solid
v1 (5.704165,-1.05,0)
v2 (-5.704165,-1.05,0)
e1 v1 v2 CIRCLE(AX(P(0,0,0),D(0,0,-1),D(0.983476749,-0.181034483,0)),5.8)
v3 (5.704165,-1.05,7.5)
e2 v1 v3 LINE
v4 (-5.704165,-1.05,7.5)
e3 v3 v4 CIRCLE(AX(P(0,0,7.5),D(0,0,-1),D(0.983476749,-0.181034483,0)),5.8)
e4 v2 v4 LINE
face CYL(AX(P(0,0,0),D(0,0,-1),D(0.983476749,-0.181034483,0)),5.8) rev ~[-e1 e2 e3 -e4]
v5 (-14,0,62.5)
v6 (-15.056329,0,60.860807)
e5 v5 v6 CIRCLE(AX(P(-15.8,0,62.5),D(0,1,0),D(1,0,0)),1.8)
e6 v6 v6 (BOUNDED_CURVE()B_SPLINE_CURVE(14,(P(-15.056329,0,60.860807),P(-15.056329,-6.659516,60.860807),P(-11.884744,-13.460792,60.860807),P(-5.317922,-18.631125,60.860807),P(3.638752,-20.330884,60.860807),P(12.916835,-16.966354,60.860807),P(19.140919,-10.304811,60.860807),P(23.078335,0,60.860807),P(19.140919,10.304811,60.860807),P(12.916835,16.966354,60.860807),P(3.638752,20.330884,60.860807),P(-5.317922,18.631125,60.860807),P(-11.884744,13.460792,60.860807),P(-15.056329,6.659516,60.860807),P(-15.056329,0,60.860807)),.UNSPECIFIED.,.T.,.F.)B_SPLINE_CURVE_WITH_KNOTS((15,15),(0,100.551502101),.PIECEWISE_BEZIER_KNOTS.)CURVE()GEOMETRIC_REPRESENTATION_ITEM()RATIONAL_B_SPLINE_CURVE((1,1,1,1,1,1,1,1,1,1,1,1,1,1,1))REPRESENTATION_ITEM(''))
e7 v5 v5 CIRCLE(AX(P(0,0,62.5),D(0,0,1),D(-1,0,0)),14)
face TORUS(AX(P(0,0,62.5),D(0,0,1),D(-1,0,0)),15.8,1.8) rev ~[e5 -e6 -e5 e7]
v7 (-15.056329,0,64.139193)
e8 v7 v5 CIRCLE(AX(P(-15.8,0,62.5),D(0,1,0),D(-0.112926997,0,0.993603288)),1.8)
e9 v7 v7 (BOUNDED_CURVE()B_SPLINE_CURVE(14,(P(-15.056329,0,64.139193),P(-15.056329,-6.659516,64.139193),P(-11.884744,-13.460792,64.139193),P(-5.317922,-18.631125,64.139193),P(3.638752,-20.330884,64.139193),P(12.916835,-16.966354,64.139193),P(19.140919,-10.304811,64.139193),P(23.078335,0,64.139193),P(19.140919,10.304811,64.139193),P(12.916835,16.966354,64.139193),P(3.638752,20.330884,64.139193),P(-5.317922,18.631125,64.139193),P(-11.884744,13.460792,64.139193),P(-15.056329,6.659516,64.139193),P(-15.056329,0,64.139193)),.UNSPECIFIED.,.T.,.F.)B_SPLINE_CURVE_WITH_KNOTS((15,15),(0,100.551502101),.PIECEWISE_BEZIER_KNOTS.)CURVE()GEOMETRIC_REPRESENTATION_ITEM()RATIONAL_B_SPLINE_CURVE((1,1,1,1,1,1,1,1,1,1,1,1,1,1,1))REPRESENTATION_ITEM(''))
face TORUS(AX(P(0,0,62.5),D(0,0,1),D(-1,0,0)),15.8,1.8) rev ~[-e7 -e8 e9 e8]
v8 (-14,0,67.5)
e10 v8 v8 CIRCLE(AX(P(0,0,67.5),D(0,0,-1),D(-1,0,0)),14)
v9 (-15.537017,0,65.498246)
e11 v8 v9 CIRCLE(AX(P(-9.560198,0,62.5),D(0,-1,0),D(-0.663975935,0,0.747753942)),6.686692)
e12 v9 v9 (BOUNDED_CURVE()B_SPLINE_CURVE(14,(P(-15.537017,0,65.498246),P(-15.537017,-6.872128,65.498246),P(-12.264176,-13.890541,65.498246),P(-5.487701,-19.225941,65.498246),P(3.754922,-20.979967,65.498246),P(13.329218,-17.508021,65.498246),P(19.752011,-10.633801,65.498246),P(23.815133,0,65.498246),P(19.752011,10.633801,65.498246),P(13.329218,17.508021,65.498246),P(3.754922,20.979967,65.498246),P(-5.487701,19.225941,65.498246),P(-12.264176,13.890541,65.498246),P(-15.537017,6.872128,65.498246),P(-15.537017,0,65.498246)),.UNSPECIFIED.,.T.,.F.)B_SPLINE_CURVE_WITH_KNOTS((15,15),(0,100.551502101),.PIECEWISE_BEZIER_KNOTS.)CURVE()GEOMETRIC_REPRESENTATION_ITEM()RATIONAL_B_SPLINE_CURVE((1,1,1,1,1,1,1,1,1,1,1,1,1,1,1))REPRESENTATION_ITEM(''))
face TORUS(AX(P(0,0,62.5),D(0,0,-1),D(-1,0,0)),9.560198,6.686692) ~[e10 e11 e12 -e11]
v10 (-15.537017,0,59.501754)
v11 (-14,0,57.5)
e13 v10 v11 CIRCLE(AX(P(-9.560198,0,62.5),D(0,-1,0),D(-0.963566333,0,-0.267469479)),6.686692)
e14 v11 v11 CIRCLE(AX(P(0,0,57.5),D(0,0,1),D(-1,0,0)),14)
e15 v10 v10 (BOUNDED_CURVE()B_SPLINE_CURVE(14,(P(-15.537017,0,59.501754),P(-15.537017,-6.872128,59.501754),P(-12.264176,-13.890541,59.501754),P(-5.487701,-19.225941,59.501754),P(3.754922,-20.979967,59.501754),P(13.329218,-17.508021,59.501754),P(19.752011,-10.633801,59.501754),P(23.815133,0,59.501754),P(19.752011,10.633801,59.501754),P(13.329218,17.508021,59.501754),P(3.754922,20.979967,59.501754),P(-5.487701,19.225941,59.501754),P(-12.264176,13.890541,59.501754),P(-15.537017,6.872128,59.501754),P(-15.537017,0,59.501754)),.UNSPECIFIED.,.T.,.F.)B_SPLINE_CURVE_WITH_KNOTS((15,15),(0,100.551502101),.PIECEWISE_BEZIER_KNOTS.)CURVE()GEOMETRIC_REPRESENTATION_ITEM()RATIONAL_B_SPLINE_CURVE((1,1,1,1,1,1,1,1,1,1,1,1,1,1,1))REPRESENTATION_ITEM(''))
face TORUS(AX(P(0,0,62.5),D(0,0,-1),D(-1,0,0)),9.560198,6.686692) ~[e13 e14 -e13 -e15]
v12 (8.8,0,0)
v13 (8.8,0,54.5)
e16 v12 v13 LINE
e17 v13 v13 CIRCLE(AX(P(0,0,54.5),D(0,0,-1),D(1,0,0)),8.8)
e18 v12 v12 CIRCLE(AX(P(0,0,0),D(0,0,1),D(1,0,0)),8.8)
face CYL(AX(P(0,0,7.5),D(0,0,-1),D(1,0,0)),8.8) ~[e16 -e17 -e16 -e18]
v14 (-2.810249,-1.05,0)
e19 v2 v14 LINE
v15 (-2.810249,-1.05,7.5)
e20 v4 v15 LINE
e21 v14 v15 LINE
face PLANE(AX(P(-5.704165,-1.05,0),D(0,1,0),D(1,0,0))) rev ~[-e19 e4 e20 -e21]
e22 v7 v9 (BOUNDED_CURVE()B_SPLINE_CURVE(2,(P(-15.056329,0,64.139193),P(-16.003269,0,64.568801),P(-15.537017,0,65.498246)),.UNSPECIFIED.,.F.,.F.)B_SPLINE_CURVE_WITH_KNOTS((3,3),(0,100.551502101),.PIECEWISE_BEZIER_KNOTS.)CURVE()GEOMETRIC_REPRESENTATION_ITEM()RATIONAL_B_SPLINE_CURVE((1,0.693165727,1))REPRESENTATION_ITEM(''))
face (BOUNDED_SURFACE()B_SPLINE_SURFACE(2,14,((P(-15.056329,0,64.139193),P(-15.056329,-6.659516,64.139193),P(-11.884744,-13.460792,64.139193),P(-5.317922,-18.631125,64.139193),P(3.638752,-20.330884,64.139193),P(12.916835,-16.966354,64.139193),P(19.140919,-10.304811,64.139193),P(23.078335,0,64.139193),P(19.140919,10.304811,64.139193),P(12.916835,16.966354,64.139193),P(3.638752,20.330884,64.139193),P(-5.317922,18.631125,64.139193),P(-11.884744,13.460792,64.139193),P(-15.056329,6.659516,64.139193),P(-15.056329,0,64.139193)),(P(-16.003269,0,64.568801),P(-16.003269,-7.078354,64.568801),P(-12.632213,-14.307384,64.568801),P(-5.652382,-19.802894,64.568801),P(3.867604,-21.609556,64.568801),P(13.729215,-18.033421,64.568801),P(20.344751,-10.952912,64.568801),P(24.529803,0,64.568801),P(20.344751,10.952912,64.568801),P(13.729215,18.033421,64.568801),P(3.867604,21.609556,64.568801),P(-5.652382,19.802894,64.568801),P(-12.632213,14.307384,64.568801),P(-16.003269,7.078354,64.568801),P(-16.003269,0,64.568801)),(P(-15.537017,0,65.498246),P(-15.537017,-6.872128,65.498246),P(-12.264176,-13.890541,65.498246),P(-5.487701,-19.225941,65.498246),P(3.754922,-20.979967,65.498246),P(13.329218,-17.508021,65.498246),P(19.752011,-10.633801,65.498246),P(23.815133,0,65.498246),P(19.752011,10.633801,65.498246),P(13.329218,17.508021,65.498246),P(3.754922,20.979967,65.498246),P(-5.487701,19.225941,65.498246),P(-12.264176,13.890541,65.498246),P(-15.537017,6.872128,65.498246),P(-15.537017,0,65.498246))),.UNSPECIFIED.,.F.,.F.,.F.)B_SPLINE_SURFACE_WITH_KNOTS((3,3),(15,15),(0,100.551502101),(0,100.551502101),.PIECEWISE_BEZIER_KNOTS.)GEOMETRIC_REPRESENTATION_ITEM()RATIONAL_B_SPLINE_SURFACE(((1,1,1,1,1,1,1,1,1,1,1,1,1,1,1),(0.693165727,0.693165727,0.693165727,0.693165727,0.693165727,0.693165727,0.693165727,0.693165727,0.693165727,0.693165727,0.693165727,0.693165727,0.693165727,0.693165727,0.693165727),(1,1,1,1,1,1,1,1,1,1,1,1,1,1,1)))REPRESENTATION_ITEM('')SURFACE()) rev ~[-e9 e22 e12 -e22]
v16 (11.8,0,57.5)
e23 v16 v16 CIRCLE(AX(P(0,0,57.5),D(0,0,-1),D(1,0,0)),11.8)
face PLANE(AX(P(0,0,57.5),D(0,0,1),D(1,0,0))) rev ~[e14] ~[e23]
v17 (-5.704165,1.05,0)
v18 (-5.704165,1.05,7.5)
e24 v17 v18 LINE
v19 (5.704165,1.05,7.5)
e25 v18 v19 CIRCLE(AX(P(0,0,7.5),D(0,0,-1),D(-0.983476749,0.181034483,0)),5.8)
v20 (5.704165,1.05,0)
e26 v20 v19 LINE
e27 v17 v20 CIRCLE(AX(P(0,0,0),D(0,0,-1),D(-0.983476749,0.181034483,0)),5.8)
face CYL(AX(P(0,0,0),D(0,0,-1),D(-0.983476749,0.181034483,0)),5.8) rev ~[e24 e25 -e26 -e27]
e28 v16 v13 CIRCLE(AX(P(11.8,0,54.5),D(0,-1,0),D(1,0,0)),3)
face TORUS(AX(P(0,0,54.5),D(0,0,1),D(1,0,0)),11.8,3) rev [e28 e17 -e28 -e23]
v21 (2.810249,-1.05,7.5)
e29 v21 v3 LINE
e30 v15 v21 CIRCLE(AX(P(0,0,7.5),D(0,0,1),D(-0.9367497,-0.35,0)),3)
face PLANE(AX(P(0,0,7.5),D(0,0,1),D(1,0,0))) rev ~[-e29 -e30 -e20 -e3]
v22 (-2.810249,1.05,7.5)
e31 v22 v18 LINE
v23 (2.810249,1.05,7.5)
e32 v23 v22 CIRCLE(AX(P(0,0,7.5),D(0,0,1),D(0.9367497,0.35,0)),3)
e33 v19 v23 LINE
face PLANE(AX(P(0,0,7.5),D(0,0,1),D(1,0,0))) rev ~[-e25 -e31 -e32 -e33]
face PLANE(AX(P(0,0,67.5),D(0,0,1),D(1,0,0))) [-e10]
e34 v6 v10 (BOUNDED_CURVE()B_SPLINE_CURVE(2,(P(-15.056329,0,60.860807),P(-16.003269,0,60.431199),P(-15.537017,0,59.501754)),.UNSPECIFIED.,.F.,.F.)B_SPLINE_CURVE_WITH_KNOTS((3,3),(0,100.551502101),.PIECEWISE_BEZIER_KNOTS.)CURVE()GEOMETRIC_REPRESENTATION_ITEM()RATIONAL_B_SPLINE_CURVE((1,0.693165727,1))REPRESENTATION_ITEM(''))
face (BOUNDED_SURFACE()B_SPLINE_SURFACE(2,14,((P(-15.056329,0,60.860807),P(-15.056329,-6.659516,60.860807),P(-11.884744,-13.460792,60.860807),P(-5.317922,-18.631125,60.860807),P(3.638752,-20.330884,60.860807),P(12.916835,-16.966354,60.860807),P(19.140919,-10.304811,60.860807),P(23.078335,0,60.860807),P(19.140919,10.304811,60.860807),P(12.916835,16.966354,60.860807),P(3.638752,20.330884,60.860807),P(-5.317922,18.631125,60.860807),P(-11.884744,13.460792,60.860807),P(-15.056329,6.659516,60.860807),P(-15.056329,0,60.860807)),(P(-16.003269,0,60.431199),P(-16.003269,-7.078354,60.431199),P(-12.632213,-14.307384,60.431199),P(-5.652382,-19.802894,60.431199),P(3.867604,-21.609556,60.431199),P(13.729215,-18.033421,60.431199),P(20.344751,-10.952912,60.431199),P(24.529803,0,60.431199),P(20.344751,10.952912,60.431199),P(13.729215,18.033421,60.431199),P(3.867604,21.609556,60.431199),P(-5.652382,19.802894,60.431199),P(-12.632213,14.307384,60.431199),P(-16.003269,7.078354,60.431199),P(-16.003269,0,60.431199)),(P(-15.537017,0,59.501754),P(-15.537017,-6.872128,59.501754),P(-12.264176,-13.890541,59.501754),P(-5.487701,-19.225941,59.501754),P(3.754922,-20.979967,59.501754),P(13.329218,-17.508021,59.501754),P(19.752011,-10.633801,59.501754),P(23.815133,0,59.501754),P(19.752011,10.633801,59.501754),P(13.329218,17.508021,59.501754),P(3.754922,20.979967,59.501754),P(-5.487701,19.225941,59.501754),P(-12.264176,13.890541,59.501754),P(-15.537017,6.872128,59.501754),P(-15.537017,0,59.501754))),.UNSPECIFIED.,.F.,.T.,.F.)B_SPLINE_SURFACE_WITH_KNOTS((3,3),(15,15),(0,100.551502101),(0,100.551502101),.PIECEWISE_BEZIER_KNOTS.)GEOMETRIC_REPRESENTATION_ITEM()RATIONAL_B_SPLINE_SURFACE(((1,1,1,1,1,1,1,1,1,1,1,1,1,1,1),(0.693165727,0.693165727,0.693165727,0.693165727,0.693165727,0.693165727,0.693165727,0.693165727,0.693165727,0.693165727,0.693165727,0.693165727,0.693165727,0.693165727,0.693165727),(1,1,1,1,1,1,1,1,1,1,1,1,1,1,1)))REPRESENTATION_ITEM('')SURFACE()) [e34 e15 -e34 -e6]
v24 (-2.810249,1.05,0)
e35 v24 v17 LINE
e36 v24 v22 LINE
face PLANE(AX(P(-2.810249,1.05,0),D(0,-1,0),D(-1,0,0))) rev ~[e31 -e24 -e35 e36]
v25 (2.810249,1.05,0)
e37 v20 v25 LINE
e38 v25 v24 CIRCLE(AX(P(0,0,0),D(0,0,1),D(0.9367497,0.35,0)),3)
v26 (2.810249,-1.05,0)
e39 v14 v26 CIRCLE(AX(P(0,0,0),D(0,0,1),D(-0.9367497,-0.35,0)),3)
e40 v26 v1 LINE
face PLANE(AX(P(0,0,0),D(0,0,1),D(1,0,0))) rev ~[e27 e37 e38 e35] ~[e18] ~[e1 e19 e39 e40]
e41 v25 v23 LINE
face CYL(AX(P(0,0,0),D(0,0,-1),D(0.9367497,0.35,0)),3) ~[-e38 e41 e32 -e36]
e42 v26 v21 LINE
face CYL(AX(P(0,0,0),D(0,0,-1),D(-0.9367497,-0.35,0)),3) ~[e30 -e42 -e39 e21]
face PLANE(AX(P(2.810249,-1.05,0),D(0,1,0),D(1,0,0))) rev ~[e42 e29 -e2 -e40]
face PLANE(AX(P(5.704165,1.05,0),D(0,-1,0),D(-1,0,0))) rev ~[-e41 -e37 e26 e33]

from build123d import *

# Parameters (mm, degrees)
F0_R     = 8.8
F1_DEPTH = 7.5
F2_R     = 8.8
F3_DEPTH = 55
F4_R     = 14
F4_R_2   = 8.8
F5_DEPTH = 5
F8_R     = 1
F9_R     = 3


with BuildPart() as f1:
    # F0 (on Top) → F1 (new body)
    with BuildSketch(Plane.XY):
        Circle(F0_R)
        with BuildLine():
            ThreePointArc((5.7041651449, -1.05), (0, -5.8), (-5.7041651449, -1.05))
            Line((-5.7041651449, -1.05), (-2.8102490993, -1.05))
            ThreePointArc((-2.8102490993, -1.05), (0, -3), (2.8102490993, -1.05))
            Line((2.8102490993, -1.05), (5.7041651449, -1.05))
        make_face(mode=Mode.SUBTRACT)
        with BuildLine():
            ThreePointArc((-5.7041651449, 1.05), (0, 5.8), (5.7041651449, 1.05))
            Line((5.7041651449, 1.05), (2.8102490993, 1.05))
            ThreePointArc((2.8102490993, 1.05), (0, 3), (-2.8102490993, 1.05))
            Line((-2.8102490993, 1.05), (-5.7041651449, 1.05))
        make_face(mode=Mode.SUBTRACT)
    extrude(amount=F1_DEPTH)

    # F2 (on face) → F3 (join)
    with BuildSketch(Plane.XY.offset(7.5)):
        Circle(F2_R)
        with BuildLine():
            Line((2.8102490993, -1.05), (5.7041651449, -1.05))
            ThreePointArc((5.7041651449, -1.05), (0, -5.8), (-5.7041651449, -1.05))
            Line((-5.7041651449, -1.05), (-2.8102490993, -1.05))
            ThreePointArc((-2.8102490993, -1.05), (0, -3), (2.8102490993, -1.05))
        make_face(mode=Mode.SUBTRACT)
        with BuildLine():
            ThreePointArc((-5.7041651449, 1.05), (0, 5.8), (5.7041651449, 1.05))
            Line((5.7041651449, 1.05), (2.8102490993, 1.05))
            ThreePointArc((2.8102490993, 1.05), (0, 3), (-2.8102490993, 1.05))
            Line((-2.8102490993, 1.05), (-5.7041651449, 1.05))
        make_face(mode=Mode.SUBTRACT)
        with BuildLine():
            Line((2.8102490993, 1.05), (5.7041651449, 1.05))
            ThreePointArc((5.7041651449, 1.05), (0, 5.8), (-5.7041651449, 1.05))
            Line((-5.7041651449, 1.05), (-2.8102490993, 1.05))
            ThreePointArc((-2.8102490993, 1.05), (0, 3), (2.8102490993, 1.05))
        make_face()
        with BuildLine():
            ThreePointArc((-5.7041651449, -1.05), (0, -5.8), (5.7041651449, -1.05))
            Line((5.7041651449, -1.05), (2.8102490993, -1.05))
            ThreePointArc((2.8102490993, -1.05), (0, -3), (-2.8102490993, -1.05))
            Line((-2.8102490993, -1.05), (-5.7041651449, -1.05))
        make_face()
    extrude(amount=F3_DEPTH)

    # F4 (on face) → F5 (join, symmetric)
    with BuildSketch(Plane.XY.offset(62.5)):
        Circle(F4_R)
        Circle(F4_R_2, mode=Mode.SUBTRACT)
        Circle(F4_R_2)
    extrude(amount=F5_DEPTH, both=True)

    # F6 (on Front) → F7 (revolve)
    with BuildSketch(Plane.XZ):
        with BuildLine():
            ThreePointArc((-16.0032685947, 64.2884859179), (-14.6012263497, 63.8427366589), (-14, 62.5))
            Line((-14, 62.5), (-14, 67.5))
            ThreePointArc((-14, 67.5), (-15.2336171199, 66.0389485063), (-16.0032685947, 64.2884859179))
        make_face()
        with BuildLine():
            ThreePointArc((-16.0032685947, 60.7115140821), (-15.2336171199, 58.9610514937), (-14, 57.5))
            Line((-14, 57.5), (-14, 62.5))
            ThreePointArc((-14, 62.5), (-14.6012263497, 61.1572633411), (-16.0032685947, 60.7115140821))
        make_face()
    revolve(axis=Axis((0, 0, 35.6552451849), (0, 0, 1)))

    # F8
    f8_edges = [f1.edges().sort_by_distance(p)[0] for p in [
        (16.003269, 0, 64.288486),
        (16.003269, 0, 60.711514),
    ]]
    fillet(f8_edges, radius=F8_R)

    # F9
    f9_edges = [f1.edges().sort_by_distance(p)[0] for p in [
        (-8.8, 0, 57.5),
    ]]
    fillet(f9_edges, radius=F9_R)


solid = f1.part
